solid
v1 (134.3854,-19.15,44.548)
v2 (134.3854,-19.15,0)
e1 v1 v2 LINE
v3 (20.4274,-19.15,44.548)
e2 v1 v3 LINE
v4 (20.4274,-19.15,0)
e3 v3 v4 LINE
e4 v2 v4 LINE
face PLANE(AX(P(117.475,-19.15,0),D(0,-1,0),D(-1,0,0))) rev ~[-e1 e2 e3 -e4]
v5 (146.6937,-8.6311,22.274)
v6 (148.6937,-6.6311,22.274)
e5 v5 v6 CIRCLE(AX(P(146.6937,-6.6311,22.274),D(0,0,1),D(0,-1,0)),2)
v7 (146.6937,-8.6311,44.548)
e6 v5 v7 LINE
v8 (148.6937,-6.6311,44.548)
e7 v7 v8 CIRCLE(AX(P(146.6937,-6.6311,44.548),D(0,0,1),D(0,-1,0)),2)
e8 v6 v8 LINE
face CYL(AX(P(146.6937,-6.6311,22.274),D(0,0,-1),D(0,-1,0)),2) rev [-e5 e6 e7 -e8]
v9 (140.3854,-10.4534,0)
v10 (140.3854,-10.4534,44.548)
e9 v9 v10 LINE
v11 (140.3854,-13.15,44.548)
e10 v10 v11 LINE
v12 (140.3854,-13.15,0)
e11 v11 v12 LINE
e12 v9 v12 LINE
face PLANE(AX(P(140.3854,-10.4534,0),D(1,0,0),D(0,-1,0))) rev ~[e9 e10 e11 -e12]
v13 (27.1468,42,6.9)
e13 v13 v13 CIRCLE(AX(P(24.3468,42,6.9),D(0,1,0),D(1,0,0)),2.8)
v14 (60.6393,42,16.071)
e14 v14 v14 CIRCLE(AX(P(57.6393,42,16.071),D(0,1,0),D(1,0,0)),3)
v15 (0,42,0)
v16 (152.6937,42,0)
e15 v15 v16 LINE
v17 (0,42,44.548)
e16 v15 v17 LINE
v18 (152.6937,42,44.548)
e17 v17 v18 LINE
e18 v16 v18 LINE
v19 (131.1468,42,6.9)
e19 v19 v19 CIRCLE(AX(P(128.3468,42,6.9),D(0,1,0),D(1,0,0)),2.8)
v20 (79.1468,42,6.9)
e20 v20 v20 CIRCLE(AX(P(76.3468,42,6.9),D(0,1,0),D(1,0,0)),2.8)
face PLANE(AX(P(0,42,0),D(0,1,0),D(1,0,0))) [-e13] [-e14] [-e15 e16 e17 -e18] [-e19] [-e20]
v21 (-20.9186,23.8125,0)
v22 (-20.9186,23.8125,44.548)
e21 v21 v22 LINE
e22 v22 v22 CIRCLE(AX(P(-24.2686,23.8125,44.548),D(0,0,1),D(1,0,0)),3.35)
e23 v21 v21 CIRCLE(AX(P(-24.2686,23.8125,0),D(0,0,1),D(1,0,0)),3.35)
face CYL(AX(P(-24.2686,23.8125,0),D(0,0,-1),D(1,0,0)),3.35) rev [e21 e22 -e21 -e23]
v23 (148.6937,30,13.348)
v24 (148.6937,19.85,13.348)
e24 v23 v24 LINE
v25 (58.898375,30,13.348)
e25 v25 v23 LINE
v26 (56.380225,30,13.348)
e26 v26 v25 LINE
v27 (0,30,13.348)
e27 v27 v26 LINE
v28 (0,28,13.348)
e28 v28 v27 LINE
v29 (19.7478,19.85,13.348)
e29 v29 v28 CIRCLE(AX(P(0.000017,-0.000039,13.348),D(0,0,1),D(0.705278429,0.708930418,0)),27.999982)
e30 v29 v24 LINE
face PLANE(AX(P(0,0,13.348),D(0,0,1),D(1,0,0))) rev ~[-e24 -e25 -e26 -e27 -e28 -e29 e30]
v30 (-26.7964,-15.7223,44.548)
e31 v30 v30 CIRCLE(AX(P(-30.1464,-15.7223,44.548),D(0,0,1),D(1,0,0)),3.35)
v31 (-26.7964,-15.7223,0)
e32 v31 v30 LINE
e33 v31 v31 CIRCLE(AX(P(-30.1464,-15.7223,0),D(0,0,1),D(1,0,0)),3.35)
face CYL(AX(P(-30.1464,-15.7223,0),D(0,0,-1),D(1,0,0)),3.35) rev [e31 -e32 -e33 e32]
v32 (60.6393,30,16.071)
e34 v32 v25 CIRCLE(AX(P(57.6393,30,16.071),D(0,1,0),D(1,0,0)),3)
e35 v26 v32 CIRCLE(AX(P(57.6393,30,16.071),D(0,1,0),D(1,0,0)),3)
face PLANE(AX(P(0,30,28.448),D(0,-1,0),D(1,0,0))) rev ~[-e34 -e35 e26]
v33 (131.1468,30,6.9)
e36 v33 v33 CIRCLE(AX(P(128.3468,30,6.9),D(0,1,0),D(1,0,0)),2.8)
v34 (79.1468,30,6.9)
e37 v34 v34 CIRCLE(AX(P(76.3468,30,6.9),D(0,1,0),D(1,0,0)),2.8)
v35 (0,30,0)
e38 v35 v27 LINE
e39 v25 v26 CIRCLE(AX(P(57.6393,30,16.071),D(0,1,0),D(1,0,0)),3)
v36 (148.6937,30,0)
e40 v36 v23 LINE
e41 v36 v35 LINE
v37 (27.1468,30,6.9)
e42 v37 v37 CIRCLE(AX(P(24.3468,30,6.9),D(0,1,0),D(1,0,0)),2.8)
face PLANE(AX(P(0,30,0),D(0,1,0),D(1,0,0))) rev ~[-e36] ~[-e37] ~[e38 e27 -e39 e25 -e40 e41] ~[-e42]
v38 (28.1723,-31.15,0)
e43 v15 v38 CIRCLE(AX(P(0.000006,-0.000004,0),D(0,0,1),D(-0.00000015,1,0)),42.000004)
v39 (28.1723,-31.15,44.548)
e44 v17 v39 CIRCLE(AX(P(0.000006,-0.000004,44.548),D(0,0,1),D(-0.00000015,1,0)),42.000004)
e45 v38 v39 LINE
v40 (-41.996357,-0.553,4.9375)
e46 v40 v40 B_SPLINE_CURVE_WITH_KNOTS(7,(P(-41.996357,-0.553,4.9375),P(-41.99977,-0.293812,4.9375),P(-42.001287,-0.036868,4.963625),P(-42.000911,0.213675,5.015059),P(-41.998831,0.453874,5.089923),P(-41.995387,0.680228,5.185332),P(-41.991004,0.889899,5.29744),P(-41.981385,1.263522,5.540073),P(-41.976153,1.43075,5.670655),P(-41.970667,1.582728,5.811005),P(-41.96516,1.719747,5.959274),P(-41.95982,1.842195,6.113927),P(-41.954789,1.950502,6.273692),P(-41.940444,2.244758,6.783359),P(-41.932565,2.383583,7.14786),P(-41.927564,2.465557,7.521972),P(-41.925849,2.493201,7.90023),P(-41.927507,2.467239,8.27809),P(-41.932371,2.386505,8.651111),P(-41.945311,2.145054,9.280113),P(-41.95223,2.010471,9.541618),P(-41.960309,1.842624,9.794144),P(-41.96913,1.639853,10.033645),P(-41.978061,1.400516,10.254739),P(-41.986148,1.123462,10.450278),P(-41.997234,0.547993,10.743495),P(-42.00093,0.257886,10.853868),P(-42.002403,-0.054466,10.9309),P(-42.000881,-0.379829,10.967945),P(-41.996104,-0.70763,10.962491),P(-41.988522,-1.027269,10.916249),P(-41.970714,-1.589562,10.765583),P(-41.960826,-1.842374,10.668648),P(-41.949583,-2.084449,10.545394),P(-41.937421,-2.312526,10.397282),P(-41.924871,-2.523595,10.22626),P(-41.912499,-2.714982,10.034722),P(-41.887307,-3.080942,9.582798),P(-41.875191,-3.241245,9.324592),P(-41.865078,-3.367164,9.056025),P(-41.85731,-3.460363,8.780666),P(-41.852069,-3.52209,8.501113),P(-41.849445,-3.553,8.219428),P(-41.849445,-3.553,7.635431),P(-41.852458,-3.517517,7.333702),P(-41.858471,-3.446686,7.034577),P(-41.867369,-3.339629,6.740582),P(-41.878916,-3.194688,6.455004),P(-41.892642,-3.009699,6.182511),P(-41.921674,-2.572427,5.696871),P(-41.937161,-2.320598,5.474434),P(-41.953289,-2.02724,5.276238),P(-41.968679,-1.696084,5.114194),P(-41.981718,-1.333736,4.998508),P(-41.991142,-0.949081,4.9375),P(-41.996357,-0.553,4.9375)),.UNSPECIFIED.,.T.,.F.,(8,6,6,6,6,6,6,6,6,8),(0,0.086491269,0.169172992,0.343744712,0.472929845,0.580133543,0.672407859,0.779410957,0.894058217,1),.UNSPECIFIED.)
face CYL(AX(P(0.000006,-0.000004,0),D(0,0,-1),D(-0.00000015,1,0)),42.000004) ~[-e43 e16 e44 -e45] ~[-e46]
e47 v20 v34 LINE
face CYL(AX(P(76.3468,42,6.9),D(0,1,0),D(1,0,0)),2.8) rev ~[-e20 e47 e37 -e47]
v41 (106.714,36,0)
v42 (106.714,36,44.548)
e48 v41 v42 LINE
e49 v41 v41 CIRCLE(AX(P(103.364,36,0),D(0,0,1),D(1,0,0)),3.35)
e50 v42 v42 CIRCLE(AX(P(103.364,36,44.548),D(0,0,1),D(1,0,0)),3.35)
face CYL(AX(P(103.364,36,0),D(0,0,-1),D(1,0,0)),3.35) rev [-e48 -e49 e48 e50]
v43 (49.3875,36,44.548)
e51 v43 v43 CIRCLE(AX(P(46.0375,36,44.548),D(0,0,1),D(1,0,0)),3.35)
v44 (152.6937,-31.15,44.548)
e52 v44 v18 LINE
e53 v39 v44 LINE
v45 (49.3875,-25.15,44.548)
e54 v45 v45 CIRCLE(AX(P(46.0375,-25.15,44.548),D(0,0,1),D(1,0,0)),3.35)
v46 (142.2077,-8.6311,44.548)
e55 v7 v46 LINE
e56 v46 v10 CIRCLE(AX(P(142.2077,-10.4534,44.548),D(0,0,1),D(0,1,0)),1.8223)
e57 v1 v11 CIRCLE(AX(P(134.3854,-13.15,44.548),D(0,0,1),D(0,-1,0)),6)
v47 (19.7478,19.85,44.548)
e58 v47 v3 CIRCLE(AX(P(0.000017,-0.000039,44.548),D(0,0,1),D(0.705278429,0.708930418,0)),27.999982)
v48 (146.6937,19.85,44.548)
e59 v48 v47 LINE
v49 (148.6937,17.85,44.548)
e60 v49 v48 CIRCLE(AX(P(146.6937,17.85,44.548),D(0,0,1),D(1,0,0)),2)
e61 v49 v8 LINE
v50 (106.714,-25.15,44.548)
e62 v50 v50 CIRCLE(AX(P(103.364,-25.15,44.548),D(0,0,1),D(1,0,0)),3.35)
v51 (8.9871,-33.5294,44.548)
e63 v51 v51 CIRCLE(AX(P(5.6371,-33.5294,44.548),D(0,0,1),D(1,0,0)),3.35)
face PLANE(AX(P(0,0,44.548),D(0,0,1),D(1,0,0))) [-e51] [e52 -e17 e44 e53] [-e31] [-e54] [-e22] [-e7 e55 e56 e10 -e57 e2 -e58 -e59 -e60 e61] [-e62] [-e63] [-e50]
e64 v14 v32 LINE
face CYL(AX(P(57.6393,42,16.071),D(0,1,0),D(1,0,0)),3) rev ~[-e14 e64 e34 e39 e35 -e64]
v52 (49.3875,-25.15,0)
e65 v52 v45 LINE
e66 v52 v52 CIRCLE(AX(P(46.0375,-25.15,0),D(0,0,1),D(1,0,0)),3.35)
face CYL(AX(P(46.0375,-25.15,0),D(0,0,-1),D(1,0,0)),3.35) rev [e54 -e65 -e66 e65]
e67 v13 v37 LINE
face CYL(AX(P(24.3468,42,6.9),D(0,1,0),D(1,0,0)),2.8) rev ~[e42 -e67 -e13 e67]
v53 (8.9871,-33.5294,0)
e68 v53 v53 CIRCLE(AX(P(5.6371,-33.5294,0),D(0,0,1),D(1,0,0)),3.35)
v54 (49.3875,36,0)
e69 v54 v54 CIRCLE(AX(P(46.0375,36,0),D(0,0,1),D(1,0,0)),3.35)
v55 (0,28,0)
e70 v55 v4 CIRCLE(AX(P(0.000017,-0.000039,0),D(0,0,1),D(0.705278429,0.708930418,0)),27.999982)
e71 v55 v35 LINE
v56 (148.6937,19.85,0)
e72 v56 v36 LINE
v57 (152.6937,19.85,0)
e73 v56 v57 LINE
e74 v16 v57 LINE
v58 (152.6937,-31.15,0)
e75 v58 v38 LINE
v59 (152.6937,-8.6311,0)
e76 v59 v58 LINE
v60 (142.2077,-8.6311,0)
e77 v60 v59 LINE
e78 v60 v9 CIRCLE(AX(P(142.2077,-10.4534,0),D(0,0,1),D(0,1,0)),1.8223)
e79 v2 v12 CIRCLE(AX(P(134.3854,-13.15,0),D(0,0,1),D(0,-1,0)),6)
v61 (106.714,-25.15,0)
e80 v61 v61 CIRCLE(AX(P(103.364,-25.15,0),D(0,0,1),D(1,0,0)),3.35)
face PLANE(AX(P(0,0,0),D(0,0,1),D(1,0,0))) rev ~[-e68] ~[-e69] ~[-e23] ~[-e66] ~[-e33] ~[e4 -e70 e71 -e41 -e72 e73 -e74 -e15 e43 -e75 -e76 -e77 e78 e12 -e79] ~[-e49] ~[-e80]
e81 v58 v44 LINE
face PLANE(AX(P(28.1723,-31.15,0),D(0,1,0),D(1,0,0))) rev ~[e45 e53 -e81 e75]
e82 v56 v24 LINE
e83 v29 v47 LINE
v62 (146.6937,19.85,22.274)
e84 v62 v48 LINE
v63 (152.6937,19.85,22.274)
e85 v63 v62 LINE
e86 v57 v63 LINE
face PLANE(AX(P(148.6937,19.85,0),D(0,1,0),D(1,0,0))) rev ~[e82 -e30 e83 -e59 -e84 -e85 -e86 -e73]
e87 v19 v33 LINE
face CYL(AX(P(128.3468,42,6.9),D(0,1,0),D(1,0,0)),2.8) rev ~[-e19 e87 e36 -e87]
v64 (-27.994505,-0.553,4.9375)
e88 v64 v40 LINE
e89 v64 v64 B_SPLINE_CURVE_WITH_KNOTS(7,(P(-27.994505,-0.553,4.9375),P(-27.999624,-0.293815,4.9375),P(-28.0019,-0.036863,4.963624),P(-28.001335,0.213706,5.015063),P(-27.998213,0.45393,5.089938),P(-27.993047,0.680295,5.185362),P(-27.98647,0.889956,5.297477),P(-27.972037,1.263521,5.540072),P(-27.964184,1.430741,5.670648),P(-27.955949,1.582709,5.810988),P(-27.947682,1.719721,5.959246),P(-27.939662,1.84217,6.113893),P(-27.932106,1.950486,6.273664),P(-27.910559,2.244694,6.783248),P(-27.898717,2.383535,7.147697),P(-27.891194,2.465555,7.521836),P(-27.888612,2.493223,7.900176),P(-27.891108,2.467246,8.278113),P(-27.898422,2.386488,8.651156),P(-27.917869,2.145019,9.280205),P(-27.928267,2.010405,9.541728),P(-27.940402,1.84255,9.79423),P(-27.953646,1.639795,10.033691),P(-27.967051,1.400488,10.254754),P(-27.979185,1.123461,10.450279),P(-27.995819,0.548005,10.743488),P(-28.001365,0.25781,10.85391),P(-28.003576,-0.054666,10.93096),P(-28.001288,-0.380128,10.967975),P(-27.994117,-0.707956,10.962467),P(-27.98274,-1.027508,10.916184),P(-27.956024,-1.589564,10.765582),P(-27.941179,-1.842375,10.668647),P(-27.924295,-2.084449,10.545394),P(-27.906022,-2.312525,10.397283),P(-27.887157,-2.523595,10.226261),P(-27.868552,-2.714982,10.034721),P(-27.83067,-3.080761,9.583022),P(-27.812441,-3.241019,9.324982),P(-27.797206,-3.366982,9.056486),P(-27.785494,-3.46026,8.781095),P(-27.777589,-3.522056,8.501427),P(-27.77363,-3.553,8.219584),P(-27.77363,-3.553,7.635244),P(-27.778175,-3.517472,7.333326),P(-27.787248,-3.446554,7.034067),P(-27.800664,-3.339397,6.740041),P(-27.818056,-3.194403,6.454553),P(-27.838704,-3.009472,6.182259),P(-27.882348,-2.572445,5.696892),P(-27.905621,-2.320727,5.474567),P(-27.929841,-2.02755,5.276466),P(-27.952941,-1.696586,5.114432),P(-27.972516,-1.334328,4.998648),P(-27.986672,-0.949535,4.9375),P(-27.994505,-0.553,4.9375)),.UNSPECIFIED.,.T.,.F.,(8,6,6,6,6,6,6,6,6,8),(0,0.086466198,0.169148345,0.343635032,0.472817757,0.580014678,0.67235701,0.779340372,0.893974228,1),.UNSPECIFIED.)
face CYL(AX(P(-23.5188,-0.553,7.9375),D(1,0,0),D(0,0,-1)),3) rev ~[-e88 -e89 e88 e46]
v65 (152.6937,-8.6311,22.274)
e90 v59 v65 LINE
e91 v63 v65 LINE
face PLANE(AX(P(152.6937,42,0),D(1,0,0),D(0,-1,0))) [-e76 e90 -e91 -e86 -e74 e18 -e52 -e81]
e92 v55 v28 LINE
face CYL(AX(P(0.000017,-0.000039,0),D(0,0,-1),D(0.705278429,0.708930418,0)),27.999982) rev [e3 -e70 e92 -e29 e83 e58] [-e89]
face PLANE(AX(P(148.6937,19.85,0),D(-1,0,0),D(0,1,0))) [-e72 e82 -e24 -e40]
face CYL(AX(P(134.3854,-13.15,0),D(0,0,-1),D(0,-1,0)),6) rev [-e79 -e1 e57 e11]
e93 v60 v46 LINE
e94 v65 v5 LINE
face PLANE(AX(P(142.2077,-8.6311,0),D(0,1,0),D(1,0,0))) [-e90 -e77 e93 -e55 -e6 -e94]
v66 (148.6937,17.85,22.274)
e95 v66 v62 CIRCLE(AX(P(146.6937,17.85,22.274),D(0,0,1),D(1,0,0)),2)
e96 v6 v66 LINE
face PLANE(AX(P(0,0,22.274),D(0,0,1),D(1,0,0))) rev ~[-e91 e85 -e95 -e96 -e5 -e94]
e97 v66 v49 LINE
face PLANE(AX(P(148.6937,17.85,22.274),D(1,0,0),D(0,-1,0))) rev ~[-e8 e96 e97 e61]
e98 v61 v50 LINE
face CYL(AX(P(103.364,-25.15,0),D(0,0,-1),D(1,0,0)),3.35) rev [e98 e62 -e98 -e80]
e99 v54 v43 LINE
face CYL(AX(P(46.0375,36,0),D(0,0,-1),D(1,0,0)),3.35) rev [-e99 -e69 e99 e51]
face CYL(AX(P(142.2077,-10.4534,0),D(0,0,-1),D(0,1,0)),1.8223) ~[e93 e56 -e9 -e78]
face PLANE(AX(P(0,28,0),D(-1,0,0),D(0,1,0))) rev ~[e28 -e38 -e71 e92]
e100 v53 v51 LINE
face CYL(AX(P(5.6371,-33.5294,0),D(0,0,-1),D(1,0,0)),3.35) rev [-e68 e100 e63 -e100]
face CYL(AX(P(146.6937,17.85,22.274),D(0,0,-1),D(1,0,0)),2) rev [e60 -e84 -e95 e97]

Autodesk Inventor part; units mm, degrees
sketch "Sketch1" plane through (0, 0, 0) normal (0, 0, 1) x (1, 0, 0)
  circle A0 centre (0, 0) radius 11.1125 construction
  line L0 (104.364, -18.65) -> (70.364, -18.65) construction
  line L1 (104.364, 18.65) -> (70.364, 18.65) construction
  line L2 (23.9529, -7.067) -> (23.9529, 14.933) construction
  arc A1 (-39, 0) -> (23.4665, -31.15) centre (0, 0) ccw construction
  line L3 (50.614, 19.35) -> (60.114, 19.35) construction
  line L4 (50.614, 19.85) -> (60.114, 19.85)
  line L5 (60.114, -18.65) -> (50.614, -18.65) construction
  arc A2 (19.7478, 19.85) -> (20.4274, -19.15) centre (0, 0) ccw
  line L6 (0, 42) -> (171.45, 42)
  line L7 (-238.861, -48) -> (171.45, -48) construction
  line L8 (-39, 0) -> (-42, 0) construction
  arc A3 (0, 42) -> (28.1723, -31.15) centre (0, 0) ccw
  circle A4 centre (0, 0) radius 14.224
  line L9 (171.45, 42) -> (171.45, -31.15)
  line L10 (19.7478, 19.85) -> (152.6937, 19.85)
  line L11 (152.6937, -19.15) -> (20.4274, -19.15)
  line L12 (23.4665, -31.15) -> (171.45, -31.15)
  line L13 (0, 28) -> (0, 30)
  line L14 (0, 30) -> (117.475, 30)
  line L15 (142.2077, -8.6311) -> (152.6937, -8.6311)
  line L16 (117.475, 30) -> (117.475, 19.85) construction
  line L17 (117.475, -19.15) -> (117.475, -31.15)
  line L18 (140.3854, -10.4534) -> (140.3854, -13.15)
  line L19 (148.6937, 19.85) -> (148.6937, -6.6311)
  line L20 (117.475, 30) -> (171.45, 30) construction
  line L21 (-34.4683, 6.0777) -> (0, 0) construction
  line L22 (-22.4976, -26.8116) -> (0, 0) construction
  line L23 (0, 0) -> (11.9707, -32.8892) construction
  circle A5 centre (0, 0) radius 34 construction
  line L24 (117.475, 19.85) -> (148.6937, 19.85)
  line L25 (148.6937, 19.85) -> (148.6937, 30)
  line L26 (152.6937, 30) -> (117.475, 30)
  line L27 (117.475, 30) -> (117.475, 19.85) construction
  line L28 (34.114, 20.2591) -> (34.114, 32) construction
  line L29 (65.364, 20.2591) -> (65.364, 32) construction
  line L30 (33.864, 19.85) -> (33.864, 32) construction
  line L31 (65.614, 19.85) -> (65.614, 32) construction
  line L32 (22.4976, 36) -> (171.45, 36) construction
  line L33 (171.45, -25.15) -> (28.0371, -25.15) construction
  circle A6 centre (-24.2686, 23.8125) radius 3.35
  circle A7 centre (-30.1464, -15.7223) radius 3.35
  circle A8 centre (5.6371, -33.5294) radius 3.35
  circle A9 centre (33.6303, -5) radius 3.35
  circle A10 centre (15.1476, 30.4393) radius 3.35
  circle A11 centre (46.0375, 36) radius 3.35
  circle A12 centre (46.0375, -25.15) radius 3.35
  circle A13 centre (136.0375, 36) radius 3.35
  circle A14 centre (136.0375, -25.15) radius 3.35
  arc A15 (146.6937, -8.6311) -> (148.6937, -6.6311) centre (146.6937, -6.6311) ccw
  arc A16 (142.2077, -8.6311) -> (140.3854, -10.4534) centre (142.2077, -10.4534) ccw
  arc A17 (148.6937, 28) -> (146.6937, 30) centre (146.6937, 28) ccw
  line L34 (152.6937, 42) -> (152.6937, -31.15)
  line L35 (148.6937, 11.5374) -> (171.45, 11.5374)
  line L36 (171.45, 11.5374) -> (171.45, -8.6311)
  line L37 (171.45, -8.6311) -> (152.6937, -8.6311)
  line L38 (148.6937, -8.6435) -> (148.6937, 11.5374)
  circle A18 centre (103.364, 36) radius 3.35
  circle A19 centre (103.364, -25.15) radius 3.35
  line L39 (140.3854, -10.4534) -> (140.3854, -0.553)
  line L40 (142.3854, 1.447) -> (148.6937, 1.447)
  arc A20 (142.3854, 1.447) -> (140.3854, -0.553) centre (142.3854, -0.553) ccw
  arc A21 (134.3854, -19.15) -> (140.3854, -13.15) centre (134.3854, -13.15) ccw
  line L41 (140.747, -6.35) -> (140.747, 7.9375) construction
  arc A22 (148.6937, 17.85) -> (146.6937, 19.85) centre (146.6937, 17.85) ccw
  arc A23 (146.6937, 19.85) -> (148.6937, 21.85) centre (146.6937, 21.85) ccw
  point P0 (171.45, -22)
  point P1 (140.3854, -8.6311)
  point P2 (171.45, -7.65)
  point P3 (171.45, 7)
  point P4 (148.6937, -8.6311)
  point P5 (33.864, 30)
  point P6 (65.614, 30)
  point P7 (140.2077, 19.85)
  point P8 (148.6937, 17.7587)
  point P9 (152.6937, 11.5374)
  point P10 (152.6937, -8.6435)
  point P11 (148.6937, -8.6311)
  dimension "d38" = 68
  dimension "d0" = 78
  dimension "d4" = 0.5
  dimension "d6" = 56
  dimension "d8" = 90
  dimension "d9" = 28.448
  dimension "d12" = 12
  dimension "d23" = 12
  dimension "d24" = 0.5
  dimension "d25" = 38
  dimension "d27" = 42
  dimension "d33" = 80
  dimension "d36" = 39
  dimension "d37" = 28
  dimension "d39" = 6
  dimension "d49" = 0.25
  dimension "d50" = 0.25
  dimension "d55" = 6
  dimension "d56" = 6.7
  dimension "d59" = 360
  dimension "d62" = 6.7
  dimension "d65" = 90
  dimension "d70" = 171.45
  dimension "d84" = 2
  dimension "d92" = 4
  dimension "d102" = 2
  dimension "d111" = 6
  dimension "d116" = 4
  dimension "d117" = 2
extrude "Extrusion1" add sketch "Sketch1" along normal blind 28.448 contours A2 L11 L17 L12 A3 L6 L34 L26 L14 A10 L13 | L25 L26 L34 L10 | L11 L34 L12 L17 | A10 L14 | A21 L18 A16 L15 L34 L11 | A13 | A14 picked at (15.3429, 31.3449)
extrude "Extrusion2" add sketch "Sketch1" along normal blind 16.1 from surface at 28.448 contours L10 A2 L13 L14 A10 L26 A17 L25 A23 L4 | A2 L11 L17 L12 A3 L6 L34 L26 L14 A10 L13 | A23 L25 L10 | L25 L26 L34 L10 | L11 L34 L12 L17 | A10 L14 | L14 A10 | A17 L26 L25 | A21 L18 A16 L15 L34 L11 | A13 | A14
sketch "Sketch2" plane through (0, 42, 0) normal (0, 1, 0) x (1, 0, 0)
  circle A0 centre (24.3468, -37.648) radius 2.8
  line L0 (171.45, -43.548) -> (0, -43.548) construction
  line L1 (152.6937, 0) -> (0, 0) projected
  line L2 (0, 0) -> (0, -44.548) projected
  line L3 (0, -44.548) -> (152.6937, -44.548) projected
  line L4 (152.6937, 0) -> (152.6937, -44.548) projected
  circle A1 centre (76.3468, -37.648) radius 2.8
  circle A2 centre (128.3468, -37.648) radius 2.8
  line L5 (152.6937, 0) -> (152.6937, -44.548) construction
  line L6 (152.6937, -22.274) -> (0, -22.274) construction
  line L7 (0, 0) -> (0, -28.448) construction
  circle A3 centre (24.3468, -6.9) radius 2.8
  circle A4 centre (76.3468, -6.9) radius 2.8
  circle A5 centre (128.3468, -6.9) radius 2.8
  circle A6 centre (57.6393, -16.071) radius 3
  dimension "d73" = 5.6
  dimension "d93" = 24.3468
  dimension "d94" = 152.6937
  dimension "d97" = 52
  dimension "d108" = 6.9
extrude "Extrusion4" cut sketch "Sketch2" against normal blind 15.1 contours A3 | A4 | A5 | A6
ref_plane "Work Plane1" through (0, 0, 12) normal (0, 0, -1) x (-1, 0, 0)
sketch "Sketch6" plane through (152.6937, -31.15, 0) normal (1, 0, 0) x (0, 0, -1)
  line L0 (0, 30.597) -> (-28.448, 30.597)
  circle A0 centre (-7.9375, 30.597) radius 3
  dimension "d104" = 6
ref_plane "Work Plane2" through (-23.5188, -31.15, 0) normal (1, 0, 0) x (0, 0, -1)
extrude "Extrusion6" cut sketch "Sketch6" against normal blind 30 from surface at -176.2125
extrude "Extrusion7" add sketch "Sketch1" against normal blind 15.1 from surface at 28.448 contours L10 A2 L13 L14 A10 L26 A17 L25 A23 L4 | A23 L25 L10 | L14 A10 | A17 L26 L25 picked at (15.3464, 28.8029)
ref_plane "Work Plane3" through (0, 0, 22.274) normal (0, 0, -1) x (-1, 0, 0)
extrude "Extrusion8" add sketch "Sketch1" along normal up to surface (22.274 mm away) from surface at 22.274 contours L10 L19 A22 | L25 L26 L34 L10 | L10 L34 L35 L19 | L35 L34 L15 L38 L19 | A17 L26 L25 | L38 L15 A15
equation "\"d12\" = d23"
equation "\"d10\" = d9"
properties part number "Mech Panel v7 infill_01"
